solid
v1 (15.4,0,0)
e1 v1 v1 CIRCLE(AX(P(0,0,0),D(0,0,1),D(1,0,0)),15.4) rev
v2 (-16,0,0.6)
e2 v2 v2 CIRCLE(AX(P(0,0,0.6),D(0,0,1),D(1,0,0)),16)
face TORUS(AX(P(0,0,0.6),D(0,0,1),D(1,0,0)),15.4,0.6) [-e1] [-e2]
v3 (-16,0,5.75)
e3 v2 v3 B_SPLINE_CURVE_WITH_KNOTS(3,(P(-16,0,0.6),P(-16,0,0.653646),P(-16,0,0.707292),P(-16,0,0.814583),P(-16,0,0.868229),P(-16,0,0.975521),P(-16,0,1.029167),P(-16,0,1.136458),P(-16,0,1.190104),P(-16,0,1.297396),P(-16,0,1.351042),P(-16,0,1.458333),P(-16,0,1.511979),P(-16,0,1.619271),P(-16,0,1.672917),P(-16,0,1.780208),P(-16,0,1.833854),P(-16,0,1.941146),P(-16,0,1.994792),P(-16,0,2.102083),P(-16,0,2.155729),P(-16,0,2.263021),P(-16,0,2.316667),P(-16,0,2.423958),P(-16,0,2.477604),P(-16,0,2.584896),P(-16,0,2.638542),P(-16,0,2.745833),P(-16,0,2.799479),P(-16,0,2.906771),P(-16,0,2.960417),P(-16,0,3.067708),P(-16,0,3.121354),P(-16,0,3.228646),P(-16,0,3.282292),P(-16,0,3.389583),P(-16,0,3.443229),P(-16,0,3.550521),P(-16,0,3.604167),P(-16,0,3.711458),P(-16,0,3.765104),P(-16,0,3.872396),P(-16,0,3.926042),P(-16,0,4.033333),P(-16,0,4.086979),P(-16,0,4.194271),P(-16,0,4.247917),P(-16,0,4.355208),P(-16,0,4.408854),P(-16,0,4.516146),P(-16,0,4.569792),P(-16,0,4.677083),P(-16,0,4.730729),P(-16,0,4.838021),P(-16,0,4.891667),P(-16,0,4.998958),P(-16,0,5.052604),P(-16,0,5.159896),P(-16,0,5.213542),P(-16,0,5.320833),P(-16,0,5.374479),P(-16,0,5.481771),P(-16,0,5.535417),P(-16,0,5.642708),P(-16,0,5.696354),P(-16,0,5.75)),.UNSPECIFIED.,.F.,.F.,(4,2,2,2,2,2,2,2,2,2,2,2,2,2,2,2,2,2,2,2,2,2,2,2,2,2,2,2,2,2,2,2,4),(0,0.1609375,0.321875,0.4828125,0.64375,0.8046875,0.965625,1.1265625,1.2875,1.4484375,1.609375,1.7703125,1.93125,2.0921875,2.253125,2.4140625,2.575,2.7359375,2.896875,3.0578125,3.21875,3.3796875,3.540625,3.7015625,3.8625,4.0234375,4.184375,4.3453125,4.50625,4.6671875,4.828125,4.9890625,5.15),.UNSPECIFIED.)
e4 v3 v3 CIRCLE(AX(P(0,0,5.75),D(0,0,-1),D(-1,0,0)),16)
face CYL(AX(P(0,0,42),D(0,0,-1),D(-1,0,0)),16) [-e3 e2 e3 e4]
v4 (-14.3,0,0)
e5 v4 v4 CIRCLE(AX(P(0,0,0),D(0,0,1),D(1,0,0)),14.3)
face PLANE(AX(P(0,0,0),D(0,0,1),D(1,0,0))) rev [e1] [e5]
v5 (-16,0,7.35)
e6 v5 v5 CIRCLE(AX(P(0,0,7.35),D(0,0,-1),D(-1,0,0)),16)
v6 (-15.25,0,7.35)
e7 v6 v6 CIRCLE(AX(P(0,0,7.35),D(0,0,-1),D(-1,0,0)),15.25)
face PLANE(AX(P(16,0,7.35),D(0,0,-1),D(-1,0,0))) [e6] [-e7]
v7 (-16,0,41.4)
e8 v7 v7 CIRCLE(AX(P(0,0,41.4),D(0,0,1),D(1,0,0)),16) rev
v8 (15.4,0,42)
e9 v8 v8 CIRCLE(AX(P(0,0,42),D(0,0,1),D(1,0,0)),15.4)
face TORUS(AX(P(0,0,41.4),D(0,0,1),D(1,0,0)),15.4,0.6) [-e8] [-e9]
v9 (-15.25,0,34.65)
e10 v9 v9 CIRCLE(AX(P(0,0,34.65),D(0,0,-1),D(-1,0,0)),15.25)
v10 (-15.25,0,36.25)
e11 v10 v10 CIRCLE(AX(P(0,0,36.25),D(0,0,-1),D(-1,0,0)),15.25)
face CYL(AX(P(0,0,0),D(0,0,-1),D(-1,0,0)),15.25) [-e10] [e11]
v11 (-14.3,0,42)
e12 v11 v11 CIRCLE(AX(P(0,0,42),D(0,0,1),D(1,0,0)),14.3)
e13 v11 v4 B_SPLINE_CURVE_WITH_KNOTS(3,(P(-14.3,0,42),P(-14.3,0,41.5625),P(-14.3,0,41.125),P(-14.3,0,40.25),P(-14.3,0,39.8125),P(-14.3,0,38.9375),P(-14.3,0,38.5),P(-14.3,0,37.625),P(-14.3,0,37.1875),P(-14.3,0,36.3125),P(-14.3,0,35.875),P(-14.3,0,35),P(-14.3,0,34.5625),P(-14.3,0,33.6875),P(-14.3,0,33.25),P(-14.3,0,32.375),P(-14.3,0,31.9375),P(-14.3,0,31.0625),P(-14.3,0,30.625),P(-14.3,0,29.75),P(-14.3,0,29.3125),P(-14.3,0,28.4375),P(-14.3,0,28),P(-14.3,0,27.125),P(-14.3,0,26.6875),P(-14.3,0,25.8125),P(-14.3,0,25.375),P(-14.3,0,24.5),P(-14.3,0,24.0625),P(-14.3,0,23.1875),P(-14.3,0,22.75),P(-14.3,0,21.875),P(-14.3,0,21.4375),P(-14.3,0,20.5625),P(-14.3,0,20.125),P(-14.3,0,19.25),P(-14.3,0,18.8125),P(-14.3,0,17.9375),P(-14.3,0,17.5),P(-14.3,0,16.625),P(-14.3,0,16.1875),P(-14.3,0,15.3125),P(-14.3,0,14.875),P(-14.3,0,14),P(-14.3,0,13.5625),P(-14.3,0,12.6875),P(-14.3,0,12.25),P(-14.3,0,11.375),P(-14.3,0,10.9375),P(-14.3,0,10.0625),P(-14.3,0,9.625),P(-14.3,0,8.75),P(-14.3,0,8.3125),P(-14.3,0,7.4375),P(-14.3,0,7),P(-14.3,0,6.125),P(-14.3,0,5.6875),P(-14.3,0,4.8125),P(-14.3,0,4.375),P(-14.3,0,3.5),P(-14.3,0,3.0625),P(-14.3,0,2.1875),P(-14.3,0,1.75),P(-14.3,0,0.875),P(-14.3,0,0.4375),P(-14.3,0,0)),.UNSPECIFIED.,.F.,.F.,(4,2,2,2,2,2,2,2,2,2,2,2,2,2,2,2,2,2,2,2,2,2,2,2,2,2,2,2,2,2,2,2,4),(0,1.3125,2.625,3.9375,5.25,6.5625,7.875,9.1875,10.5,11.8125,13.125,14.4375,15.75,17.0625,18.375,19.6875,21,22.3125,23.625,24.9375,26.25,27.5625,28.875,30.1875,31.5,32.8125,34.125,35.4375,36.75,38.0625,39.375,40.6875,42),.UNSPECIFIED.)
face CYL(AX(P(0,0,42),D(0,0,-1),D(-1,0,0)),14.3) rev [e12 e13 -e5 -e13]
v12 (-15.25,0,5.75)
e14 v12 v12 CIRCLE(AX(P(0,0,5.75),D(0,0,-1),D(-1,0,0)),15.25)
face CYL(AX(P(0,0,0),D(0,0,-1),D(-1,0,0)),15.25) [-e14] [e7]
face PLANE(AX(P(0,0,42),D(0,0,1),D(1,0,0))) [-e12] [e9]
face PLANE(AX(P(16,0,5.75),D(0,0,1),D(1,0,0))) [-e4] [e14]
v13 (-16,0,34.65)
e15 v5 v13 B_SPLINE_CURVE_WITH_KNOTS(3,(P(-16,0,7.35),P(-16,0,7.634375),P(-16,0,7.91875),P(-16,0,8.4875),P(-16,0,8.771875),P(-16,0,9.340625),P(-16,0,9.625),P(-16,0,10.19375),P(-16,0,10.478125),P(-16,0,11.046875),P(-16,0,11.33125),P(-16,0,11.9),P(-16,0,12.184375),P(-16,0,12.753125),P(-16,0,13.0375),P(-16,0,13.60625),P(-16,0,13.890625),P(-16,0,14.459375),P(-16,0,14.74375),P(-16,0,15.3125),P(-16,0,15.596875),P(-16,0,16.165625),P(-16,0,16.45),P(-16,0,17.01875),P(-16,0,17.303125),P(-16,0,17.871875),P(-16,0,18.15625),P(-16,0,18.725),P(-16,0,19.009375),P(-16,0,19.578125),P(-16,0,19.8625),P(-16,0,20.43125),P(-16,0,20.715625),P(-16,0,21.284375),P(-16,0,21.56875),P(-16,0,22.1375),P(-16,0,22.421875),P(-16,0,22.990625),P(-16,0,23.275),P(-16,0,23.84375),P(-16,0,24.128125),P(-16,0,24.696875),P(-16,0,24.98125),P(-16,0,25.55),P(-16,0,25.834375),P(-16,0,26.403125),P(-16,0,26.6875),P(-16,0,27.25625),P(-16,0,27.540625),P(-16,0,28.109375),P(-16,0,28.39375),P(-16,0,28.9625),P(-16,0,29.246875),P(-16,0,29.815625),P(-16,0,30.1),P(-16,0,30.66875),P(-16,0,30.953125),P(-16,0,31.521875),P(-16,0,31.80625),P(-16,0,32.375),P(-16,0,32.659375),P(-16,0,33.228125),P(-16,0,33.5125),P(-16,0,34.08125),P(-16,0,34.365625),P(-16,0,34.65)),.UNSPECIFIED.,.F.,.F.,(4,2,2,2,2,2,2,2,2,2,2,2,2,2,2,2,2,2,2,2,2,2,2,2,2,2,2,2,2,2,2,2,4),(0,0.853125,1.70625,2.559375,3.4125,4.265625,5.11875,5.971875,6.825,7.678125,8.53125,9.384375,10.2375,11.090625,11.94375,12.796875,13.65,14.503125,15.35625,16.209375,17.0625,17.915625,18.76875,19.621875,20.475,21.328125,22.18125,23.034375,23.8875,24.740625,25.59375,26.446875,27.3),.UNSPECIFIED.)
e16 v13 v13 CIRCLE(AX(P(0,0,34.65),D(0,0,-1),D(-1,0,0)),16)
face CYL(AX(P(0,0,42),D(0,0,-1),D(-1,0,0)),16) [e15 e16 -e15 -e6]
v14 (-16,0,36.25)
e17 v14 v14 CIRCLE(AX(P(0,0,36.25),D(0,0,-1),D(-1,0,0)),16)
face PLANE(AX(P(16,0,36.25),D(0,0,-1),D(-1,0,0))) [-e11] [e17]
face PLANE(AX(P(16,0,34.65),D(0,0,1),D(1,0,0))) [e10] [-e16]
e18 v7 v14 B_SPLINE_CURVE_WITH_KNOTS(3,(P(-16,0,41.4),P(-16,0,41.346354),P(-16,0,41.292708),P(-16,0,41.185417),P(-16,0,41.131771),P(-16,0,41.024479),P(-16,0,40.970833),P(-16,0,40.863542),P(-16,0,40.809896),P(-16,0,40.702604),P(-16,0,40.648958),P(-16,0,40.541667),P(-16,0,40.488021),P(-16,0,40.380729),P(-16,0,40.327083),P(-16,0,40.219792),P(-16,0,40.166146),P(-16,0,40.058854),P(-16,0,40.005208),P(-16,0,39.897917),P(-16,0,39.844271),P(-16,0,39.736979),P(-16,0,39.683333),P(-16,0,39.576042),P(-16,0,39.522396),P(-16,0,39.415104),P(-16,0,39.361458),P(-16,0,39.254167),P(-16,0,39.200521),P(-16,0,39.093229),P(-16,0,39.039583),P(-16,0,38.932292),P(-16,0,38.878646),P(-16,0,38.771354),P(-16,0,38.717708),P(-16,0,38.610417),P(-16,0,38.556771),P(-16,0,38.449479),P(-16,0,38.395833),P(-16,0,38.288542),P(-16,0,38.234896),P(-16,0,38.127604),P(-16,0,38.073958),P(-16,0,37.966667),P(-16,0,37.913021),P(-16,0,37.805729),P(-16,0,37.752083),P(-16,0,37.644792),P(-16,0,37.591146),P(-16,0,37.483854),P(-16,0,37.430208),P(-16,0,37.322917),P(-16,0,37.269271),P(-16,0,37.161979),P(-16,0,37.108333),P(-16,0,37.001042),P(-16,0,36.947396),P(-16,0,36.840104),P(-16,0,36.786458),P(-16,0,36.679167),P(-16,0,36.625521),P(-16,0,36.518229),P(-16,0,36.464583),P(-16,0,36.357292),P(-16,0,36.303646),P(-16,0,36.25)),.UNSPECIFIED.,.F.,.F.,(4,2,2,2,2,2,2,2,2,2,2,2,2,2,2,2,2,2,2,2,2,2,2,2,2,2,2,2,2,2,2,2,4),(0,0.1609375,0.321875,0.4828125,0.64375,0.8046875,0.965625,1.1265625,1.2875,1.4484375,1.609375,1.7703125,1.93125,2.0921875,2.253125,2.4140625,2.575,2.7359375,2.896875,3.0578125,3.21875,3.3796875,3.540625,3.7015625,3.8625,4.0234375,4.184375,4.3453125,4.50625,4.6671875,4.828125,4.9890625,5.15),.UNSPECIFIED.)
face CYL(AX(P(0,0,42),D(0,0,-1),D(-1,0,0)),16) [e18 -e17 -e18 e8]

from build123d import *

# Parameters (mm, degrees)
SKETCH1_R           = 16
SKETCH1_R_2         = 14.3
BOSS_EXTRUDE1_DEPTH = 42
SKETCH3_W           = 0.75
SKETCH3_H           = 1.6
FILLET1_R           = 0.6


with BuildPart() as part:
    # Sketch1 → Boss-Extrude1 (new body)
    with BuildSketch(Plane.XY):
        with Locations(Location((0, 0, 0), (0, 0, 180))):
            Circle(SKETCH1_R)
        with Locations(Location((0, 0, 0), (0, 0, 180))):
            Circle(SKETCH1_R_2, mode=Mode.SUBTRACT)
    extrude(amount=BOSS_EXTRUDE1_DEPTH)

    # Sketch3 → Cut-Revolve2 (revolve, cut)
    with BuildSketch(Plane(origin=(0, 0, 0), x_dir=(1, 0, 0), z_dir=(0, 1, 0)), mode=Mode.PRIVATE) as cut_revolve2_sk:
        with Locations((15.625, -35.45)):
            Rectangle(SKETCH3_W, SKETCH3_H)
        with Locations((15.625, -6.55)):
            Rectangle(SKETCH3_W, SKETCH3_H)
    revolve(cut_revolve2_sk.sketch.rotate(Axis((0, 0, 0), (0, 0, 1)), 180), axis=Axis((0, 0, 0), (0, 0, 1)), mode=Mode.SUBTRACT)

    # Fillet1
    fillet1_edges = [part.edges().sort_by_distance(p)[0] for p in [
        (16, 0, 0),
        (16, 0, 42),
    ]]
    fillet(fillet1_edges, radius=FILLET1_R)


solid = part.part
